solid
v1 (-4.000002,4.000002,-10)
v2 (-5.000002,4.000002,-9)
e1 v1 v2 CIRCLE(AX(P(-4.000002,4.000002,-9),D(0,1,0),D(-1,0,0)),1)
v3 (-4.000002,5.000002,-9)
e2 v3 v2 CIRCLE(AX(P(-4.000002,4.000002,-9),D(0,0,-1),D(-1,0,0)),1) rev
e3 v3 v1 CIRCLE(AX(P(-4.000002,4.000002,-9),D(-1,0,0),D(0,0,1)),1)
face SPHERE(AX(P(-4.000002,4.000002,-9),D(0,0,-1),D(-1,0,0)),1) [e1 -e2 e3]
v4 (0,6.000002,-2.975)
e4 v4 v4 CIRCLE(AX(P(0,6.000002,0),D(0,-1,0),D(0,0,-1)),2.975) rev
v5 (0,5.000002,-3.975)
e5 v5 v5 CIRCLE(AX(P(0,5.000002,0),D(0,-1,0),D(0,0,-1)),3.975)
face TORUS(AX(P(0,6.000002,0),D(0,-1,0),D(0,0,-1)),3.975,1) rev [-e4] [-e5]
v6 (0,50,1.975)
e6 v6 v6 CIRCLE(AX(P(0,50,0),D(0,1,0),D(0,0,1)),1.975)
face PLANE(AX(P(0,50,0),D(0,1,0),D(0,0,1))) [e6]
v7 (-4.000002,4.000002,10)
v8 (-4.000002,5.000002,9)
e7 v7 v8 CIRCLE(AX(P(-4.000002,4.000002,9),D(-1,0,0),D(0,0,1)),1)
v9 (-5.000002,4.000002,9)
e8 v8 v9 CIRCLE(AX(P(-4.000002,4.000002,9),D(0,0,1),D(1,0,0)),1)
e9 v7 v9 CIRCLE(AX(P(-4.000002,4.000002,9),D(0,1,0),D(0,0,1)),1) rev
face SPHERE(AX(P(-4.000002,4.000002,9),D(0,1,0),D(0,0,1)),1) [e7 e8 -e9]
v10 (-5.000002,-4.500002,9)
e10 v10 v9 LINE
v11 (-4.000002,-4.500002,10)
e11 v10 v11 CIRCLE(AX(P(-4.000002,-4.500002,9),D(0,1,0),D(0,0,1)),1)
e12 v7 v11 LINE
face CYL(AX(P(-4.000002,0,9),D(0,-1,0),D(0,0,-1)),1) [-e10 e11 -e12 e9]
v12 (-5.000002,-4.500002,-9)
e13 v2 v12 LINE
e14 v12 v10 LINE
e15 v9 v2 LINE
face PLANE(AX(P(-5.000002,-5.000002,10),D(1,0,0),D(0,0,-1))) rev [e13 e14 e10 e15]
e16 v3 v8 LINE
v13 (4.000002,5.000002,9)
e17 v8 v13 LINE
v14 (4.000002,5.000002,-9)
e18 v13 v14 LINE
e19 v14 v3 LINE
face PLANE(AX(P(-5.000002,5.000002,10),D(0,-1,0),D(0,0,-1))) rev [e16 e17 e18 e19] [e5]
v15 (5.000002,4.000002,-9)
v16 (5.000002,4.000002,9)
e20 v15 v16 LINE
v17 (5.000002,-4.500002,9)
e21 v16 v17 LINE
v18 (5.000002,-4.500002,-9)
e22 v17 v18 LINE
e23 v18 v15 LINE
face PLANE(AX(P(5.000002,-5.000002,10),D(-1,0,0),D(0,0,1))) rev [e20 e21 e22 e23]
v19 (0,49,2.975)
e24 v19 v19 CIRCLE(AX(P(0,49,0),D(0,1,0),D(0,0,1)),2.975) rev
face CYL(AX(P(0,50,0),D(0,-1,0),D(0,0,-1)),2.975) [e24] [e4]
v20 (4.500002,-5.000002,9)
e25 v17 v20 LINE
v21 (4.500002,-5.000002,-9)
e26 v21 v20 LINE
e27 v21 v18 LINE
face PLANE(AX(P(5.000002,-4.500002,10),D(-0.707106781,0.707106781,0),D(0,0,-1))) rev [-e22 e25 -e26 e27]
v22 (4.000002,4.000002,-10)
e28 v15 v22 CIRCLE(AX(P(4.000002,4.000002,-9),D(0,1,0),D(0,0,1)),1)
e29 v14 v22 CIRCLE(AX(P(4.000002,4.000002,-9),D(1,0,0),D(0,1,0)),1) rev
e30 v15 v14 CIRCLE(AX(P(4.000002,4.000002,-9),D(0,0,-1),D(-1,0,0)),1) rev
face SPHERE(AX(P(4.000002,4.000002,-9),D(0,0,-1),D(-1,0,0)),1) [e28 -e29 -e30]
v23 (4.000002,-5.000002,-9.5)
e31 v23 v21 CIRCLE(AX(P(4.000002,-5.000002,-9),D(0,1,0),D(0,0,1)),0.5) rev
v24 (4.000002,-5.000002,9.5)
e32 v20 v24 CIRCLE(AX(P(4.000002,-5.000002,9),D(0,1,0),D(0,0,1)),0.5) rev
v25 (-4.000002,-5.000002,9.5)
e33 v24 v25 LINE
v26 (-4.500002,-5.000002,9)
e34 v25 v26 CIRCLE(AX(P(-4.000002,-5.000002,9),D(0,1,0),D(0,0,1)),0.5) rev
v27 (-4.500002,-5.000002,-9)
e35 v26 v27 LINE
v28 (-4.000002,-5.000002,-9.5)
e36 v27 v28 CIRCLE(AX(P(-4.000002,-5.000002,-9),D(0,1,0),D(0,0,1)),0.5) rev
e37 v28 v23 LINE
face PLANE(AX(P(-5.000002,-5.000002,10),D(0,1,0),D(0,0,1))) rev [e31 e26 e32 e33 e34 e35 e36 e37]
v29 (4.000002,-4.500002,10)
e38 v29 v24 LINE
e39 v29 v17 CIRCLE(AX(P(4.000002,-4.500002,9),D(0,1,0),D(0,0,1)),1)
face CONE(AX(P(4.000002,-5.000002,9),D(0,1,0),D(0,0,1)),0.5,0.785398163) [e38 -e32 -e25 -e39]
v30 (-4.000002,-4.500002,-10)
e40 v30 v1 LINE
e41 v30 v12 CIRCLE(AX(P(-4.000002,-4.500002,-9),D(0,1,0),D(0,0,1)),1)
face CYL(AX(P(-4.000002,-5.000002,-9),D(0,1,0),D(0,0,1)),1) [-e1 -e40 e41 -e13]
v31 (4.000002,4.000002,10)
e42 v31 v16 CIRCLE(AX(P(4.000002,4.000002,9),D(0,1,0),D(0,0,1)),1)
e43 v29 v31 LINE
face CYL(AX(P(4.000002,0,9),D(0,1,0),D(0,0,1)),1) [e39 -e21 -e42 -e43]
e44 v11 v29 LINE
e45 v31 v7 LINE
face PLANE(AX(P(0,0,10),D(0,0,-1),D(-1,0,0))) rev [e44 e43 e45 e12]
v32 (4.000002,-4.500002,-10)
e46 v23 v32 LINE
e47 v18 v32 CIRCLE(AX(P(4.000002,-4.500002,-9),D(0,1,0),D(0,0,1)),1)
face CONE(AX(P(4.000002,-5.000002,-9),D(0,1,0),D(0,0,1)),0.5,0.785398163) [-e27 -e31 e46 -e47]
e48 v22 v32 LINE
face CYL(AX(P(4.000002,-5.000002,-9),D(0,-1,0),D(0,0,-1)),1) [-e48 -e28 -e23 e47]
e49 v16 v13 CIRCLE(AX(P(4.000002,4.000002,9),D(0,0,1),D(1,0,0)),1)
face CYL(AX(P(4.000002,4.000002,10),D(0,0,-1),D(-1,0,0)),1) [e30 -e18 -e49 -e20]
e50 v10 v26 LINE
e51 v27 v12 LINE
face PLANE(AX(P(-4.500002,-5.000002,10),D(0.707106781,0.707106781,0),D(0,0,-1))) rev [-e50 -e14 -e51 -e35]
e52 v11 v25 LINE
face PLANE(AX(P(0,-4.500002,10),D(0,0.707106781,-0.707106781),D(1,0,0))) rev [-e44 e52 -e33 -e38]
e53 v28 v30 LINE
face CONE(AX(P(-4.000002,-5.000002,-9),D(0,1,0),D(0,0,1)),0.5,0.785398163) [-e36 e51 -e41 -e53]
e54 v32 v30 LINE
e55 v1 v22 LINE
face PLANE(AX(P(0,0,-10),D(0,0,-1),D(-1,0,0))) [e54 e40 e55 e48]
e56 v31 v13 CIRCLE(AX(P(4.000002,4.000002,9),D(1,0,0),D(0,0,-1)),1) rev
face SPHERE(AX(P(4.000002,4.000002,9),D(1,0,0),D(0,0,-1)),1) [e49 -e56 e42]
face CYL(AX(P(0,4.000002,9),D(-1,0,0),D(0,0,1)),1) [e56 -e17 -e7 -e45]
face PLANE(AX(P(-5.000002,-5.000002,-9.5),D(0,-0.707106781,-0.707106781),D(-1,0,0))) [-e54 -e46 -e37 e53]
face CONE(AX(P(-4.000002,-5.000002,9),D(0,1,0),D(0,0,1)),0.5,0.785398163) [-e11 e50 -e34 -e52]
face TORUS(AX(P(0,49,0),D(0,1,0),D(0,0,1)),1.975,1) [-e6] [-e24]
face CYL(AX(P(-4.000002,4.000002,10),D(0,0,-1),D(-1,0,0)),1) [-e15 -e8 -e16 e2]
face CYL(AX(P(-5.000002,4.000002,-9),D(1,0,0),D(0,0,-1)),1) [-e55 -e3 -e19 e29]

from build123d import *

# Parameters (mm, degrees)
SKETCH1_R           = 2.975
BOSS_EXTRUDE1_DEPTH = 50
SKETCH2_W           = 10.000004986
SKETCH2_H           = 10.000004986
BOSS_EXTRUDE2_DEPTH = 10
FILLET1_R           = 1
CHAMFER1_SIZE       = 0.5


with BuildPart() as part:
    # Sketch1 → Boss-Extrude1 (new body)
    with BuildSketch(Plane(origin=(0, 0, 0), x_dir=(1, 0, 0), z_dir=(0, 1, 0))):
        with Locations(Location((0, 0, 0), (0, 0, 270))):
            Circle(SKETCH1_R)
    extrude(amount=BOSS_EXTRUDE1_DEPTH)

    # Sketch2 → Boss-Extrude2 (add, symmetric)
    with BuildSketch(Plane.XY):
        Rectangle(SKETCH2_W, SKETCH2_H)
    extrude(amount=BOSS_EXTRUDE2_DEPTH, both=True)

    # Fillet1
    fillet1_edges = [part.edges().sort_by_distance(p)[0] for p in [
        (0, 50, -2.975),
        (0, 5.000002493, -2.975),
        (5.000002493, 0, -10),
        (0, 5.000002493, -10),
        (5.000002493, 5.000002493, 0),
        (-5.000002493, 0, -10),
        (-5.000002493, 5.000002493, 0),
        (5.000002493, 0, 10),
        (0, 5.000002493, 10),
        (-5.000002493, 0, 10),
    ]]
    fillet(fillet1_edges, radius=FILLET1_R)

    # Chamfer1
    chamfer1_edges = [part.edges().sort_by_distance(p)[0] for p in [
        (0, -5.000002493, 10),
        (0, -5.000002493, -10),
        (5.000002493, -5.000002493, 0),
        (-5.000002493, -5.000002493, 0),
        (4.707109274, -5.000002493, 9.707106781),
        (4.707109274, -5.000002493, -9.707106781),
        (-4.707109274, -5.000002493, -9.707106781),
        (-4.707109274, -5.000002493, 9.707106781),
    ]]
    chamfer(chamfer1_edges, length=CHAMFER1_SIZE)


solid = part.part
